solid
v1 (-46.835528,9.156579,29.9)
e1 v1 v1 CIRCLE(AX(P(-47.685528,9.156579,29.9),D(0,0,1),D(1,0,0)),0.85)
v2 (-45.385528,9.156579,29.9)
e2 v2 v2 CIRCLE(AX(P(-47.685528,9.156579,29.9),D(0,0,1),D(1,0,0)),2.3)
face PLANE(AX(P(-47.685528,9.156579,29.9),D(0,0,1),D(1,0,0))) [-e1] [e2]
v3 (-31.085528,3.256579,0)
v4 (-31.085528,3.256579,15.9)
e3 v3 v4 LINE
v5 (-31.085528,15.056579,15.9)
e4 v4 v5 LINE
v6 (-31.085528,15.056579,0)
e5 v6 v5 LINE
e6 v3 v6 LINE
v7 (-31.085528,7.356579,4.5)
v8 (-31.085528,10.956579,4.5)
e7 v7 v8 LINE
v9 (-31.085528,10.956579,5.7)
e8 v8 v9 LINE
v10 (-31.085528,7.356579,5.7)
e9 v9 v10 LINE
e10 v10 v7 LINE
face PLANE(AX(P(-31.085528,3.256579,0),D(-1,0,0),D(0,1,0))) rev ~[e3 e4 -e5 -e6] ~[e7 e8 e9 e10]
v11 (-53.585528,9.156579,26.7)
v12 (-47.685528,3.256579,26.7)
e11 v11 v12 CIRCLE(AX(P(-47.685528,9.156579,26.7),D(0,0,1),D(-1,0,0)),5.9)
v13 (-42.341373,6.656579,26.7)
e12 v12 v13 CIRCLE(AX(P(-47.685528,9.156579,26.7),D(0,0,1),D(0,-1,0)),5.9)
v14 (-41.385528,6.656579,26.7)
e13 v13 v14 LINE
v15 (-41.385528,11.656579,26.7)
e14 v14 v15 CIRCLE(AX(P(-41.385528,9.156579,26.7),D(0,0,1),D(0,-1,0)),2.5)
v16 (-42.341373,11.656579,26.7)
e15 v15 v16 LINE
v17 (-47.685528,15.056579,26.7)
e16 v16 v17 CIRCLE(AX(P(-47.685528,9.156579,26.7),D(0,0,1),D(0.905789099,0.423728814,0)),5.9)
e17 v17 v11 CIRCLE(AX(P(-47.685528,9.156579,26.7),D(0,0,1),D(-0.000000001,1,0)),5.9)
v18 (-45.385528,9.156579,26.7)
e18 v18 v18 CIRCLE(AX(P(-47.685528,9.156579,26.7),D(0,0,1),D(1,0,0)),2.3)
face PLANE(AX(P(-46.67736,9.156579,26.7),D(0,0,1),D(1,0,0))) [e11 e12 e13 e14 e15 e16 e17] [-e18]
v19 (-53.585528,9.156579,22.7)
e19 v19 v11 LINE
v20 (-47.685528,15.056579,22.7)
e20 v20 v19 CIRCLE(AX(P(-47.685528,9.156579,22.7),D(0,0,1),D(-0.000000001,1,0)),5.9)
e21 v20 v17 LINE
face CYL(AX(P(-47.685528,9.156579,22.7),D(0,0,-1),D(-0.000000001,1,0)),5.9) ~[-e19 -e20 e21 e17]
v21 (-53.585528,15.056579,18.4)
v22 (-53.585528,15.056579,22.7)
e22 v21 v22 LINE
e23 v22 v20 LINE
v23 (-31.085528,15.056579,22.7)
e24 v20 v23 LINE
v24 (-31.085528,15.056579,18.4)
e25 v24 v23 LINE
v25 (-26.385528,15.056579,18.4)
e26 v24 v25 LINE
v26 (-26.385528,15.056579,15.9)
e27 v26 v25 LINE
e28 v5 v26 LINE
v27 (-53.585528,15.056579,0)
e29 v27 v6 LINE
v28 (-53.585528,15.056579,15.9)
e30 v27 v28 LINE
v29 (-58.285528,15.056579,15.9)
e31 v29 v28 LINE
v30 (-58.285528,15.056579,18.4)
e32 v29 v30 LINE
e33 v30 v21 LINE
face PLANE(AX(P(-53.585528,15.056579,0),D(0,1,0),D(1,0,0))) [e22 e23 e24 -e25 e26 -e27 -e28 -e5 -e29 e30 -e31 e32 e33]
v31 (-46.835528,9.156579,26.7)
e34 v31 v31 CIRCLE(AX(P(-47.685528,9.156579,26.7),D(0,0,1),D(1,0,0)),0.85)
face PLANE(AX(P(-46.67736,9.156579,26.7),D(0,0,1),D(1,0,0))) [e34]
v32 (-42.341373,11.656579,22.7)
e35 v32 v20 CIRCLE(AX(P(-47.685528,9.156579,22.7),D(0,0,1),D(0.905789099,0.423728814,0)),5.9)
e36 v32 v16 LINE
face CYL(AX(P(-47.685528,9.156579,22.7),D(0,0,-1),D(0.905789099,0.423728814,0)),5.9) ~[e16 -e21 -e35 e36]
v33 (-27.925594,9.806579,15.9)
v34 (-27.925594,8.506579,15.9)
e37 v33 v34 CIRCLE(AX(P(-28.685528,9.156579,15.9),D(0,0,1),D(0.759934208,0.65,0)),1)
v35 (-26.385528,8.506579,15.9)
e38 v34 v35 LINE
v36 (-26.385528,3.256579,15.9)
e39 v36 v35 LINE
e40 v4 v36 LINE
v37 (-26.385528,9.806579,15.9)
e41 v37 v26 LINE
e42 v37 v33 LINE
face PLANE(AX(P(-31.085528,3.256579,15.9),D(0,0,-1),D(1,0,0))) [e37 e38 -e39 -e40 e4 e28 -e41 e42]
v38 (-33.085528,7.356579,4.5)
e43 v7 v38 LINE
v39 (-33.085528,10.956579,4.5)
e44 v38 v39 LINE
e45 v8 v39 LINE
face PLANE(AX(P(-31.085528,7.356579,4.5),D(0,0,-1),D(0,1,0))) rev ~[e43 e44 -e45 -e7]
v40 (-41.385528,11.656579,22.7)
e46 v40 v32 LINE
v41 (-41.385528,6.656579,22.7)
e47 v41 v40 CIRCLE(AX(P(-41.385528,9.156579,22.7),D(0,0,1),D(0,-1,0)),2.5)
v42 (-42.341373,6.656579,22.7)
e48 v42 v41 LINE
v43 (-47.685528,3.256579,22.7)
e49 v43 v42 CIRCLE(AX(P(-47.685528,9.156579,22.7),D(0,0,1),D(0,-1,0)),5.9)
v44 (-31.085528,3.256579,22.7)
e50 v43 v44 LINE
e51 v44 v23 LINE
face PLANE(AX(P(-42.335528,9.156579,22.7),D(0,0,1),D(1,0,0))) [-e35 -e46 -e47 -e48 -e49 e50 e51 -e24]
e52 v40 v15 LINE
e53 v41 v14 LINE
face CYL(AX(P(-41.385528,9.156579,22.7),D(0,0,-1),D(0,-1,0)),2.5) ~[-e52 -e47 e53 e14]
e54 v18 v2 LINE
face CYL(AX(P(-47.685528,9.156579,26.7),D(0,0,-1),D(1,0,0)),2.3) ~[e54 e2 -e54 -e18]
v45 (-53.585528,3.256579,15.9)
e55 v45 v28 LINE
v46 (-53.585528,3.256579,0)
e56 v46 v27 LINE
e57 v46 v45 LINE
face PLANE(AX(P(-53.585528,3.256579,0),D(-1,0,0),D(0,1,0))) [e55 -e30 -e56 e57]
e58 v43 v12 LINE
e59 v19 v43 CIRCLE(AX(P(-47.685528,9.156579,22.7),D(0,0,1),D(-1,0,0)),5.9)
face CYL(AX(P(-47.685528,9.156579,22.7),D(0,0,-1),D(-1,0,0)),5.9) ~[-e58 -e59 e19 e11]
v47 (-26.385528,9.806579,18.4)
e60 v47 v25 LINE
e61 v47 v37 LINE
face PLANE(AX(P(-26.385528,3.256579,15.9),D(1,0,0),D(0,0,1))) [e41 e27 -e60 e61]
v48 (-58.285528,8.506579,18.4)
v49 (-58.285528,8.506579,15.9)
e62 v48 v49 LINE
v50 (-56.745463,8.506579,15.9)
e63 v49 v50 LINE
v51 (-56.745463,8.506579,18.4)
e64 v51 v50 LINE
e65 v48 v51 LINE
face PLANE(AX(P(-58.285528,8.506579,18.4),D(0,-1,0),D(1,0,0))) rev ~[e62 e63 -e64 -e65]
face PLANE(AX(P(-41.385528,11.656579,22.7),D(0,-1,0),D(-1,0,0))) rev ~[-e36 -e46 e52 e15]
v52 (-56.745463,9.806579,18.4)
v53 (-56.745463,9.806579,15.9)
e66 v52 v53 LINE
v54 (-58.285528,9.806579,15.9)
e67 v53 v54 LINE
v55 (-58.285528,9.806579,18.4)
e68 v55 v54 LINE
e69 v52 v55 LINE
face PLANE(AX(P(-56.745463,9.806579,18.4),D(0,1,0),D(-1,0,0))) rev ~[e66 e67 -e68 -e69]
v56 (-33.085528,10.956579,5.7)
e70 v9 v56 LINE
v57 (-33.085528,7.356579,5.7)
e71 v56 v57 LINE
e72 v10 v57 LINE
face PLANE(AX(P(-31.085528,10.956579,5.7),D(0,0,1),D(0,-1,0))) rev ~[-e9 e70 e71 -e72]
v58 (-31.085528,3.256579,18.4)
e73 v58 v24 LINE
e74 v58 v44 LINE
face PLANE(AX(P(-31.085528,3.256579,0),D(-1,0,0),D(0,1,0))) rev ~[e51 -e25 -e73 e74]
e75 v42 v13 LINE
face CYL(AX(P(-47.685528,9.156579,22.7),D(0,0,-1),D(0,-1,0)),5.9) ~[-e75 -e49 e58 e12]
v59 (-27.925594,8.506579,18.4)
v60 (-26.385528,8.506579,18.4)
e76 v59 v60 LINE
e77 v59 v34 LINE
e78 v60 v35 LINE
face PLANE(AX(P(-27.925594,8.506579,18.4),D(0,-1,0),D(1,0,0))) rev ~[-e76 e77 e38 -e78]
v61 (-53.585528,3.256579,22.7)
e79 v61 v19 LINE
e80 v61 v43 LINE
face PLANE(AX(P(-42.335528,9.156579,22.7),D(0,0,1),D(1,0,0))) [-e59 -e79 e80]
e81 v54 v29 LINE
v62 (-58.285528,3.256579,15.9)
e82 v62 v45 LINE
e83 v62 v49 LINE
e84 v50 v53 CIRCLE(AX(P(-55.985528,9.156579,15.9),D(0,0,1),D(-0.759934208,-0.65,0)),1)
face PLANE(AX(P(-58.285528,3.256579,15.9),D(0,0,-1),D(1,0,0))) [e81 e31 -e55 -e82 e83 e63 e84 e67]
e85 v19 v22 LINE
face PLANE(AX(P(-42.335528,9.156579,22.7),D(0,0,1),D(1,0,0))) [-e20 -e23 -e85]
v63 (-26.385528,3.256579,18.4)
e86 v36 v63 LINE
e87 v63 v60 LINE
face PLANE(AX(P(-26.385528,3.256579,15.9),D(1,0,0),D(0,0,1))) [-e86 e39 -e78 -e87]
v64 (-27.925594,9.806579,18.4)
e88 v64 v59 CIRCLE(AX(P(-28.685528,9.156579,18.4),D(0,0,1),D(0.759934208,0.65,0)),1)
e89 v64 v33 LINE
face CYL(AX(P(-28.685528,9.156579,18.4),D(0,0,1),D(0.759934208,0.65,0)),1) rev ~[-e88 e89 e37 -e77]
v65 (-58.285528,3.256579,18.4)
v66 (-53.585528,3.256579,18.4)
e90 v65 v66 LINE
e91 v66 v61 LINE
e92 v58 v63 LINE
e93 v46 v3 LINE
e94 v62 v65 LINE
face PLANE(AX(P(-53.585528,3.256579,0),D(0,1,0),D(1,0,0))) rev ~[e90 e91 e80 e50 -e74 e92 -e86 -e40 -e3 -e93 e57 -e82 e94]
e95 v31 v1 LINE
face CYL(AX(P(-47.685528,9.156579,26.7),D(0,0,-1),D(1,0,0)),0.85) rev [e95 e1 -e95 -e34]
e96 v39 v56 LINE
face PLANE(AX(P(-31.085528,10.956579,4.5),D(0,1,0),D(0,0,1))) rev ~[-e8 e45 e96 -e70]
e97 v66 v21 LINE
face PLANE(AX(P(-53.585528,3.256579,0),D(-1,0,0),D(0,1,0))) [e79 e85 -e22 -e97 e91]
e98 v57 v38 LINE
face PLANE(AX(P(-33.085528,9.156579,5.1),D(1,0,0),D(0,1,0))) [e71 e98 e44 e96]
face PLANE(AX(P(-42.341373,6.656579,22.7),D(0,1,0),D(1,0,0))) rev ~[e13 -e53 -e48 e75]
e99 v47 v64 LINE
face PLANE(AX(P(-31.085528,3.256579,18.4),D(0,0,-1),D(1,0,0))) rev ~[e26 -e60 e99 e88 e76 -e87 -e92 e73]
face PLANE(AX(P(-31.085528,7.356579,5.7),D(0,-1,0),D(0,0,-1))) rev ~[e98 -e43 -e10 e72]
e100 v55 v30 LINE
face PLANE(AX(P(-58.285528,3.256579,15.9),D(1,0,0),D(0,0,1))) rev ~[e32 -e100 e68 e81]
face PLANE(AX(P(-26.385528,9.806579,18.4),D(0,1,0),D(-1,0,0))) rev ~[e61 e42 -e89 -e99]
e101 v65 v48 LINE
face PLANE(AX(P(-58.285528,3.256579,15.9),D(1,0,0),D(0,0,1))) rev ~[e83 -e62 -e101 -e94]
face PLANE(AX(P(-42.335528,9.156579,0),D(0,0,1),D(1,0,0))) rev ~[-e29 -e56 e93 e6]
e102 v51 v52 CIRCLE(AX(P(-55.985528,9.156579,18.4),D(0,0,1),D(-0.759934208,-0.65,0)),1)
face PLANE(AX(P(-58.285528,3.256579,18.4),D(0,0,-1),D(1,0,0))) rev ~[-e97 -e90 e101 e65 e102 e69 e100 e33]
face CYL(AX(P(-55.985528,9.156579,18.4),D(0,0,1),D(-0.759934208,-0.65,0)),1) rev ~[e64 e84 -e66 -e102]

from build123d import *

# Parameters (mm, degrees)
F0_W      = 22.5
F0_H      = 11.8
F1_DEPTH  = 22.7
F2_W      = 4.7
F2_H      = 2.5
F3_DEPTH  = 11.8
F5_DEPTH  = 2.5
F7_DEPTH  = 2.5
F9_DEPTH  = 4
F10_R     = 2.3
F10_R_2   = 0.85
F11_DEPTH = 3.2
F13_DEPTH = 2


with BuildPart() as f1:
    # F0 (on Top) → F1 (new body)
    with BuildSketch(Plane.XY):
        with Locations((-42.3355284333, 9.1565789297)):
            Rectangle(F0_W, F0_H)
    extrude(amount=F1_DEPTH)

    # F2 (on face) → F3 (join)
    with BuildSketch(Plane.XZ.offset(-3.2565789297)):
        with Locations((-55.9355284333, 17.15)):
            Rectangle(F2_W, F2_H)
        with Locations((-28.7355284333, 17.15)):
            Rectangle(F2_W, F2_H)
    extrude(amount=-F3_DEPTH)

    # F4 (on face) → F5 (cut)
    with BuildSketch(Plane.XY.offset(18.4)):
        with BuildLine():
            Line((-58.2855284333, 8.5065789297), (-56.745462641, 8.5065789297))
            ThreePointArc((-56.745462641, 8.5065789297), (-54.9855284333, 9.1565789297), (-56.745462641, 9.8065789297))
            Line((-56.745462641, 9.8065789297), (-58.2855284333, 9.8065789297))
            Line((-58.2855284333, 9.8065789297), (-58.2855284333, 9.1565789297))
            Line((-58.2855284333, 9.1565789297), (-58.2855284333, 8.5065789297))
        make_face()
    extrude(amount=-F5_DEPTH, mode=Mode.SUBTRACT)

    # F6 (on face) → F7 (cut)
    with BuildSketch(Plane.XY.offset(18.4)):
        with BuildLine():
            Line((-26.3855284333, 9.8065789297), (-27.9255942256, 9.8065789297))
            ThreePointArc((-27.9255942256, 9.8065789297), (-29.6855284333, 9.1565789297), (-27.9255942256, 8.5065789297))
            Line((-27.9255942256, 8.5065789297), (-26.3855284333, 8.5065789297))
            Line((-26.3855284333, 8.5065789297), (-26.3855284333, 9.1565789297))
            Line((-26.3855284333, 9.1565789297), (-26.3855284333, 9.8065789297))
        make_face()
    extrude(amount=-F7_DEPTH, mode=Mode.SUBTRACT)

    # F8 (on face) → F9 (join)
    with BuildSketch(Plane.XY.offset(22.7)):
        with BuildLine():
            Line((-41.3855284333, 11.6565789297), (-42.341372747, 11.6565789297))
            ThreePointArc((-42.341372747, 11.6565789297), (-44.5185109103, 14.1345303165), (-47.6855284366, 15.0565789297))
            ThreePointArc((-47.6855284366, 15.0565789297), (-51.8574584435, 13.3285089376), (-53.5855284333, 9.1565789297))
            ThreePointArc((-53.5855284333, 9.1565789297), (-51.8574584423, 4.9846489207), (-47.6855284333, 3.2565789297))
            ThreePointArc((-47.6855284333, 3.2565789297), (-44.5185109089, 4.1786275439), (-42.341372747, 6.6565789297))
            Line((-42.341372747, 6.6565789297), (-41.3855284333, 6.6565789297))
            ThreePointArc((-41.3855284333, 6.6565789297), (-38.8855284333, 9.1565789297), (-41.3855284333, 11.6565789297))
        make_face()
    extrude(amount=F9_DEPTH)

    # F10 (on face) → F11 (join)
    with BuildSketch(Plane.XY.offset(26.7)):
        with Locations((-47.6855284333, 9.1565789297)):
            Circle(F10_R)
        with Locations((-47.6855284333, 9.1565789297)):
            Circle(F10_R_2, mode=Mode.SUBTRACT)
    extrude(amount=F11_DEPTH)

    # F12 (on face) → F13 (cut)
    with BuildSketch(Plane.YZ.offset(-31.0855284333)):
        Polygon((7.3565789297, 4.5), (9.1565789297, 4.5), (10.9565789297, 4.5), (10.9565789297, 5.7), (7.3565789297, 5.7), align=None)
    extrude(amount=-F13_DEPTH, mode=Mode.SUBTRACT)


solid = f1.part
